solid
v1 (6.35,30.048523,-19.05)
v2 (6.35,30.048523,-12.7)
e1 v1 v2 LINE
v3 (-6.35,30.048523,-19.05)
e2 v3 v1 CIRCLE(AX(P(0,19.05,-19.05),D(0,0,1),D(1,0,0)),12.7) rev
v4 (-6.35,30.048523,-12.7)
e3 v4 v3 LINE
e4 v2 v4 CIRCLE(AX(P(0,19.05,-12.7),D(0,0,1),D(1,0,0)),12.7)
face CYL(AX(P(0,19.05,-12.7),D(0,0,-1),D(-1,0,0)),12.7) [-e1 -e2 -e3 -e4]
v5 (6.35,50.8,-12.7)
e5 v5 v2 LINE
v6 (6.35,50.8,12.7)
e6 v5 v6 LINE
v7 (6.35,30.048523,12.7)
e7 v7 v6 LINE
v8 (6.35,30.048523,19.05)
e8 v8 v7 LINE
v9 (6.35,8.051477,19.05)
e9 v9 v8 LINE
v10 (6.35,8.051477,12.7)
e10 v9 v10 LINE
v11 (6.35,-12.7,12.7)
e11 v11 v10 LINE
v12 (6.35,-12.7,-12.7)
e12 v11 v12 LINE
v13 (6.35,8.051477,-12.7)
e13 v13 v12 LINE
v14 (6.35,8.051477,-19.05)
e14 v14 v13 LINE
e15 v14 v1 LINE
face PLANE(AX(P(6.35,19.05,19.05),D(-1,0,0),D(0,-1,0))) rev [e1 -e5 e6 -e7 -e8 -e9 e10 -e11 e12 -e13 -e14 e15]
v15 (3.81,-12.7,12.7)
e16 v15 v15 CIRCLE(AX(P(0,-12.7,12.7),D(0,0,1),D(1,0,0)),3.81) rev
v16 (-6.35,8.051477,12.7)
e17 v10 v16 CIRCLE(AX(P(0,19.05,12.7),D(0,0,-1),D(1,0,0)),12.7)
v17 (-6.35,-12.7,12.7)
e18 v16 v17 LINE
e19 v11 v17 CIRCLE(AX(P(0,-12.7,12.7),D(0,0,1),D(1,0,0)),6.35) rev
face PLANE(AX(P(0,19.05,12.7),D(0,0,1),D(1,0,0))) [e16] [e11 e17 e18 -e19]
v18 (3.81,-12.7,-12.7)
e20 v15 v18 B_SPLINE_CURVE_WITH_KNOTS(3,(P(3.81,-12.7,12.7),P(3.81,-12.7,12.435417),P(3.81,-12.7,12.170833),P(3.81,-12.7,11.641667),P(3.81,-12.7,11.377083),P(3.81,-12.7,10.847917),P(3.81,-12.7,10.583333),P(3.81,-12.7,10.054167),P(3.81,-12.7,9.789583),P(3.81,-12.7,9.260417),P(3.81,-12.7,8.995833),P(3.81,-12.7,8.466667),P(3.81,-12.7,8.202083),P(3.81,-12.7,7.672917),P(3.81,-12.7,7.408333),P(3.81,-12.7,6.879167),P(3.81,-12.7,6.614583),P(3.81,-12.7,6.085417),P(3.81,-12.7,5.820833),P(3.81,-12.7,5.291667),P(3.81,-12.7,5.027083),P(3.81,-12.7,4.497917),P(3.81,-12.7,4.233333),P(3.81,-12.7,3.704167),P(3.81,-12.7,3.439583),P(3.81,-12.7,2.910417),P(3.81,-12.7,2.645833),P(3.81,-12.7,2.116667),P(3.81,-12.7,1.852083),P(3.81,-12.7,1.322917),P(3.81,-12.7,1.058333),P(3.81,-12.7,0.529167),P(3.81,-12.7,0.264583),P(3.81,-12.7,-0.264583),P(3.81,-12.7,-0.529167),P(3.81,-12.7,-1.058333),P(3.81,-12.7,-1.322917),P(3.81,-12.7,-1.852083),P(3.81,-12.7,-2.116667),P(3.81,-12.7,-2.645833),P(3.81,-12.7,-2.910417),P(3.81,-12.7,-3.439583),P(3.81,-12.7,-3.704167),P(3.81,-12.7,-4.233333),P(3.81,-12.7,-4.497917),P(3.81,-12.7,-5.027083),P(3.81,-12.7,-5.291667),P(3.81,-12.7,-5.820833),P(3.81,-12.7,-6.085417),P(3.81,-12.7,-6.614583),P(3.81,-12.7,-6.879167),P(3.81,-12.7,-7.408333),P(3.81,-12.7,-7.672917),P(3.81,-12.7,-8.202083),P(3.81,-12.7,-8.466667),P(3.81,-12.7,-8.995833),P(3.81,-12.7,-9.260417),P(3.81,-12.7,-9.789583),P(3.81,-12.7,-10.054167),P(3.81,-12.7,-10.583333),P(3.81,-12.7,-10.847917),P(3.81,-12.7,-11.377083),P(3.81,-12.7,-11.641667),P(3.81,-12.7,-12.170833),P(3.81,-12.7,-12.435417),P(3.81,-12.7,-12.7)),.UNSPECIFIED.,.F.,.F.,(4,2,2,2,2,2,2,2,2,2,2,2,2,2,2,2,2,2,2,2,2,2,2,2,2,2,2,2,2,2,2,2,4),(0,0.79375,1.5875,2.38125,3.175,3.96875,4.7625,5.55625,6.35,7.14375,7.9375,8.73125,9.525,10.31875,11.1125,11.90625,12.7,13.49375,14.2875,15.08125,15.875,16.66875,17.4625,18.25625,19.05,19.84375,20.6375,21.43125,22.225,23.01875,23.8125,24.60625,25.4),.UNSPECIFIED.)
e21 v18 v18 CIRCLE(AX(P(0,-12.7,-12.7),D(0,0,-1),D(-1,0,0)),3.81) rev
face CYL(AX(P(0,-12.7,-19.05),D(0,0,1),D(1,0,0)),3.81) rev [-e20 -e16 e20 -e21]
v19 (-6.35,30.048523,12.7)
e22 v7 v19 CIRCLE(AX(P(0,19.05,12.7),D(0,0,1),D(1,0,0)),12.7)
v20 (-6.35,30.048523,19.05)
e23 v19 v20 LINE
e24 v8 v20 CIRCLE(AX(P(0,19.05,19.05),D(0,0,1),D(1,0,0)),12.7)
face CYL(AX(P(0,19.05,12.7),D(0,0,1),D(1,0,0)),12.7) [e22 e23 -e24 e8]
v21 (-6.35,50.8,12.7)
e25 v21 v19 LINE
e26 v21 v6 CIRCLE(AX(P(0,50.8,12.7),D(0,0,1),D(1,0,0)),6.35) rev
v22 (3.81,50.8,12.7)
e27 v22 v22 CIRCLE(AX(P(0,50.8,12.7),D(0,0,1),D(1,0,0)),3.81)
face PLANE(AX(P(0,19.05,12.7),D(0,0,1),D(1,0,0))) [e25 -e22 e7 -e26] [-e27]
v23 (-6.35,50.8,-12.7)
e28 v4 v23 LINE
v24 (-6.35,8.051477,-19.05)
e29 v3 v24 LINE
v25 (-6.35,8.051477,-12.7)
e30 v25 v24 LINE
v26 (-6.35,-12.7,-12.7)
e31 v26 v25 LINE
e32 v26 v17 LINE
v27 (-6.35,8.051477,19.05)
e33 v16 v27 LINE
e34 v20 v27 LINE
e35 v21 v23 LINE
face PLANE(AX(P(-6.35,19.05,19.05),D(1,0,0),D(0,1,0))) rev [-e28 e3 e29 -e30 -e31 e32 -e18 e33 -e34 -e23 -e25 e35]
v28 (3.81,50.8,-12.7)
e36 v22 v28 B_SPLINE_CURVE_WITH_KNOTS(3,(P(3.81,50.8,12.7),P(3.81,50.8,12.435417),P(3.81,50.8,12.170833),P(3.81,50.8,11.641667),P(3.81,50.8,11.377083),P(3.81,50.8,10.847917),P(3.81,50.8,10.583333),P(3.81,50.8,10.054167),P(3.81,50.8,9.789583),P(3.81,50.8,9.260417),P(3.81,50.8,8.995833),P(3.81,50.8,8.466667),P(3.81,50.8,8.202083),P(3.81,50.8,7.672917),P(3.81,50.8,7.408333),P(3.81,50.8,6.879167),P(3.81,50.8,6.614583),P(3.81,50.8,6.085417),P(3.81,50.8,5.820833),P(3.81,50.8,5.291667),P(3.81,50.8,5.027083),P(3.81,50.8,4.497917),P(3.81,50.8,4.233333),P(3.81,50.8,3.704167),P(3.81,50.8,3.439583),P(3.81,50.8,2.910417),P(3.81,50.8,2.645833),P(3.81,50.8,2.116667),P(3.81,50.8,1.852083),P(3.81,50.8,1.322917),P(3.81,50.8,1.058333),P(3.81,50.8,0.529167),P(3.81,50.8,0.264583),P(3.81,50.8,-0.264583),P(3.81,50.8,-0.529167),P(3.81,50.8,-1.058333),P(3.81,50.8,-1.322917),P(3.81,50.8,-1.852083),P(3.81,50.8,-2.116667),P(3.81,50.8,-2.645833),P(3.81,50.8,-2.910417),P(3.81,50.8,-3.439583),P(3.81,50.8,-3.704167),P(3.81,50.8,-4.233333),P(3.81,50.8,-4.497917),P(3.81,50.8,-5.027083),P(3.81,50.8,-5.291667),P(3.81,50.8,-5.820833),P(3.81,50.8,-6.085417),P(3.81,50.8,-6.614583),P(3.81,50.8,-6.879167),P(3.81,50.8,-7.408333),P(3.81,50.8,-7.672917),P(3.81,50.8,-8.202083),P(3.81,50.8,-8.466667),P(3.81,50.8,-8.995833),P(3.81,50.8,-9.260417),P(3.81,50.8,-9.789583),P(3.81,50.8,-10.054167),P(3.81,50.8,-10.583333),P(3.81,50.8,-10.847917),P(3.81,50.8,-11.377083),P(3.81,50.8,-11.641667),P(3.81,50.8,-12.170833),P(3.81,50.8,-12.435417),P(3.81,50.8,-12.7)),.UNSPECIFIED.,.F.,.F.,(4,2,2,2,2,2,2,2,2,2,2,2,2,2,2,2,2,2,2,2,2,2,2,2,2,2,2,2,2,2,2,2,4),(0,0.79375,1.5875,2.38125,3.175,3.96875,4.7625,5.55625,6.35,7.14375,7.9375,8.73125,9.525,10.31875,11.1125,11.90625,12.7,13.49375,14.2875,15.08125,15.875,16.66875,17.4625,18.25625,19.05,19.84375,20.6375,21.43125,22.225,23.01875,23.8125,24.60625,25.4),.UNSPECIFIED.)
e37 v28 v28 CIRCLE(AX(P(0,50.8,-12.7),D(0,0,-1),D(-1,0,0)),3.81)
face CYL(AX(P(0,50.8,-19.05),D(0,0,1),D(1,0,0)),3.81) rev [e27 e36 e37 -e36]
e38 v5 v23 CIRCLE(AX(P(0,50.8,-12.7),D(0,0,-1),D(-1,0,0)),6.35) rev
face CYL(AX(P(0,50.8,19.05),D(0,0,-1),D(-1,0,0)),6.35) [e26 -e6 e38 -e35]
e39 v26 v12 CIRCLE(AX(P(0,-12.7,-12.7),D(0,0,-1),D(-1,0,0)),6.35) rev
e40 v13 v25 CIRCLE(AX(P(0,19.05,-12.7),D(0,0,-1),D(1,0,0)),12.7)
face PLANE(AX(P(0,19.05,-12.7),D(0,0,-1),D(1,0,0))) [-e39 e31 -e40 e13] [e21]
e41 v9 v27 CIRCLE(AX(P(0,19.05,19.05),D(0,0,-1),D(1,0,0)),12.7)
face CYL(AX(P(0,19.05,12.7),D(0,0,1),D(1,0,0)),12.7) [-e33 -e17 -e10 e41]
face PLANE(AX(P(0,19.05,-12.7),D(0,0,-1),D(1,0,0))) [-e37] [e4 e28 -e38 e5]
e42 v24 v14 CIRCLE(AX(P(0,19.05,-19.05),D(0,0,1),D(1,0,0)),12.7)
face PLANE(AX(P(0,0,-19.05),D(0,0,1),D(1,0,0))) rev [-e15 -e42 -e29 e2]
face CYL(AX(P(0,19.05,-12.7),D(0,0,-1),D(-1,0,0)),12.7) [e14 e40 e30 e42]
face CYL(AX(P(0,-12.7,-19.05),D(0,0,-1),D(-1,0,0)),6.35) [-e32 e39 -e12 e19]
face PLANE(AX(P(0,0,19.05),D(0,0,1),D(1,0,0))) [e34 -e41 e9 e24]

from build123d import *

# Parameters (mm, degrees)
SKETCH1_W                   = 12.7
SKETCH1_H                   = 38.1
BOSS_EXTRUDE1_DEPTH         = 19.05
FILLET2_RADIUS              = 6.35
FILLET2_LENGTH              = 38.1
SKETCH2_R                   = 3.81
CUT_EXTRUDE1_DEPTH          = 38.1
CUT_EXTRUDE2_DEPTH          = 6.35
MIRROR7_COPY_1_DEPTH        = 6.35
FILLET2_OF_MIRROR7_2_RADIUS = 6.35
FILLET2_OF_MIRROR7_2_LENGTH = 38.1


with BuildPart() as part:
    # Sketch1 → Boss-Extrude1 (new, symmetric)
    with BuildSketch(Plane.XY):
        Rectangle(SKETCH1_W, SKETCH1_H)
    boss_extrude1 = extrude(amount=BOSS_EXTRUDE1_DEPTH, both=True)

    # Fillet2: full round fillet: the end face becomes a half cylinder, R = half its width
    fillet2_face = Plane((0, -19.05, 0), x_dir=(0, 0, 1), z_dir=(0, -1, 0))  # on the end face: x along it, z out of the body
    fillet2_slab = fillet2_face.offset(-FILLET2_RADIUS / 2) * Box(FILLET2_LENGTH, 2 * FILLET2_RADIUS, FILLET2_RADIUS, mode=Mode.PRIVATE)  # the body's end, R deep
    fillet2_round = Plane((0, -12.7, 0), x_dir=(0, -1, 0), z_dir=(0, 0, 1)) * Cylinder(FILLET2_RADIUS, FILLET2_LENGTH, mode=Mode.PRIVATE)  # its axis R under the face
    add(fillet2_slab - fillet2_round, mode=Mode.SUBTRACT)

    # Sketch2 → Cut-Extrude1 (cut)
    with BuildSketch(Plane.XY.offset(19.05)):
        with Locations((0, -12.7)):
            Circle(SKETCH2_R)
    cut_extrude1 = extrude(amount=-CUT_EXTRUDE1_DEPTH, mode=Mode.SUBTRACT)

    # Sketch8 → Cut-Extrude2 (cut)
    with BuildSketch(Plane.XY.offset(19.05)):
        with BuildLine():
            Line((-12.7, 19.05), (-12.7, -58.61254398))
            Line((-12.7, -58.61254398), (12.7, -58.61254398))
            Line((12.7, -58.61254398), (12.7, 19.05))
            ThreePointArc((12.7, 19.05), (0, 6.35), (-12.7, 19.05))
        make_face()
    cut_extrude2 = extrude(amount=-CUT_EXTRUDE2_DEPTH, mode=Mode.SUBTRACT)

    # Mirror5: Cut-Extrude2 across plane
    add(cut_extrude2.mirror(Plane.XY), mode=Mode.SUBTRACT)

    # Mirror7: Boss-Extrude1, Cut-Extrude1, Cut-Extrude2 across plane
    add(boss_extrude1.mirror(Plane(origin=(-6.35, 19.05, 19.05), x_dir=(0, 0, 1), z_dir=(0, -1, 0))))
    add(cut_extrude1.mirror(Plane(origin=(-6.35, 19.05, 19.05), x_dir=(0, 0, 1), z_dir=(0, -1, 0))), mode=Mode.SUBTRACT)
    add(cut_extrude2.mirror(Plane(origin=(-6.35, 19.05, 19.05), x_dir=(0, 0, 1), z_dir=(0, -1, 0))), mode=Mode.SUBTRACT)

    # Mirror7 copy 1 sketch → Mirror7 copy 1 (cut)
    with BuildSketch(Plane(origin=(0, 38.1, -19.05), x_dir=(1, 0, 0), z_dir=(0, 0, -1))):
        with BuildLine():
            Line((-12.7, 19.05), (-12.7, -58.61254398))
            Line((-12.7, -58.61254398), (12.7, -58.61254398))
            Line((12.7, -58.61254398), (12.7, 19.05))
            ThreePointArc((12.7, 19.05), (0, 6.35), (-12.7, 19.05))
        make_face()
    extrude(amount=-MIRROR7_COPY_1_DEPTH, mode=Mode.SUBTRACT)

    # Fillet2 of Mirror7 2: full round fillet: the end face becomes a half cylinder, R = half its width
    fillet2_of_mirror7_2_face = Plane((0, 57.15, 0), x_dir=(0, 0, 1), z_dir=(0, 1, 0))  # on the end face: x along it, z out of the body
    fillet2_of_mirror7_2_slab = fillet2_of_mirror7_2_face.offset(-FILLET2_OF_MIRROR7_2_RADIUS / 2) * Box(FILLET2_OF_MIRROR7_2_LENGTH, 2 * FILLET2_OF_MIRROR7_2_RADIUS, FILLET2_OF_MIRROR7_2_RADIUS, mode=Mode.PRIVATE)  # the body's end, R deep
    fillet2_of_mirror7_2_round = Plane((0, 50.8, 0), x_dir=(0, 1, 0), z_dir=(0, 0, 1)) * Cylinder(FILLET2_OF_MIRROR7_2_RADIUS, FILLET2_OF_MIRROR7_2_LENGTH, mode=Mode.PRIVATE)  # its axis R under the face
    add(fillet2_of_mirror7_2_slab - fillet2_of_mirror7_2_round, mode=Mode.SUBTRACT)


solid = part.part
